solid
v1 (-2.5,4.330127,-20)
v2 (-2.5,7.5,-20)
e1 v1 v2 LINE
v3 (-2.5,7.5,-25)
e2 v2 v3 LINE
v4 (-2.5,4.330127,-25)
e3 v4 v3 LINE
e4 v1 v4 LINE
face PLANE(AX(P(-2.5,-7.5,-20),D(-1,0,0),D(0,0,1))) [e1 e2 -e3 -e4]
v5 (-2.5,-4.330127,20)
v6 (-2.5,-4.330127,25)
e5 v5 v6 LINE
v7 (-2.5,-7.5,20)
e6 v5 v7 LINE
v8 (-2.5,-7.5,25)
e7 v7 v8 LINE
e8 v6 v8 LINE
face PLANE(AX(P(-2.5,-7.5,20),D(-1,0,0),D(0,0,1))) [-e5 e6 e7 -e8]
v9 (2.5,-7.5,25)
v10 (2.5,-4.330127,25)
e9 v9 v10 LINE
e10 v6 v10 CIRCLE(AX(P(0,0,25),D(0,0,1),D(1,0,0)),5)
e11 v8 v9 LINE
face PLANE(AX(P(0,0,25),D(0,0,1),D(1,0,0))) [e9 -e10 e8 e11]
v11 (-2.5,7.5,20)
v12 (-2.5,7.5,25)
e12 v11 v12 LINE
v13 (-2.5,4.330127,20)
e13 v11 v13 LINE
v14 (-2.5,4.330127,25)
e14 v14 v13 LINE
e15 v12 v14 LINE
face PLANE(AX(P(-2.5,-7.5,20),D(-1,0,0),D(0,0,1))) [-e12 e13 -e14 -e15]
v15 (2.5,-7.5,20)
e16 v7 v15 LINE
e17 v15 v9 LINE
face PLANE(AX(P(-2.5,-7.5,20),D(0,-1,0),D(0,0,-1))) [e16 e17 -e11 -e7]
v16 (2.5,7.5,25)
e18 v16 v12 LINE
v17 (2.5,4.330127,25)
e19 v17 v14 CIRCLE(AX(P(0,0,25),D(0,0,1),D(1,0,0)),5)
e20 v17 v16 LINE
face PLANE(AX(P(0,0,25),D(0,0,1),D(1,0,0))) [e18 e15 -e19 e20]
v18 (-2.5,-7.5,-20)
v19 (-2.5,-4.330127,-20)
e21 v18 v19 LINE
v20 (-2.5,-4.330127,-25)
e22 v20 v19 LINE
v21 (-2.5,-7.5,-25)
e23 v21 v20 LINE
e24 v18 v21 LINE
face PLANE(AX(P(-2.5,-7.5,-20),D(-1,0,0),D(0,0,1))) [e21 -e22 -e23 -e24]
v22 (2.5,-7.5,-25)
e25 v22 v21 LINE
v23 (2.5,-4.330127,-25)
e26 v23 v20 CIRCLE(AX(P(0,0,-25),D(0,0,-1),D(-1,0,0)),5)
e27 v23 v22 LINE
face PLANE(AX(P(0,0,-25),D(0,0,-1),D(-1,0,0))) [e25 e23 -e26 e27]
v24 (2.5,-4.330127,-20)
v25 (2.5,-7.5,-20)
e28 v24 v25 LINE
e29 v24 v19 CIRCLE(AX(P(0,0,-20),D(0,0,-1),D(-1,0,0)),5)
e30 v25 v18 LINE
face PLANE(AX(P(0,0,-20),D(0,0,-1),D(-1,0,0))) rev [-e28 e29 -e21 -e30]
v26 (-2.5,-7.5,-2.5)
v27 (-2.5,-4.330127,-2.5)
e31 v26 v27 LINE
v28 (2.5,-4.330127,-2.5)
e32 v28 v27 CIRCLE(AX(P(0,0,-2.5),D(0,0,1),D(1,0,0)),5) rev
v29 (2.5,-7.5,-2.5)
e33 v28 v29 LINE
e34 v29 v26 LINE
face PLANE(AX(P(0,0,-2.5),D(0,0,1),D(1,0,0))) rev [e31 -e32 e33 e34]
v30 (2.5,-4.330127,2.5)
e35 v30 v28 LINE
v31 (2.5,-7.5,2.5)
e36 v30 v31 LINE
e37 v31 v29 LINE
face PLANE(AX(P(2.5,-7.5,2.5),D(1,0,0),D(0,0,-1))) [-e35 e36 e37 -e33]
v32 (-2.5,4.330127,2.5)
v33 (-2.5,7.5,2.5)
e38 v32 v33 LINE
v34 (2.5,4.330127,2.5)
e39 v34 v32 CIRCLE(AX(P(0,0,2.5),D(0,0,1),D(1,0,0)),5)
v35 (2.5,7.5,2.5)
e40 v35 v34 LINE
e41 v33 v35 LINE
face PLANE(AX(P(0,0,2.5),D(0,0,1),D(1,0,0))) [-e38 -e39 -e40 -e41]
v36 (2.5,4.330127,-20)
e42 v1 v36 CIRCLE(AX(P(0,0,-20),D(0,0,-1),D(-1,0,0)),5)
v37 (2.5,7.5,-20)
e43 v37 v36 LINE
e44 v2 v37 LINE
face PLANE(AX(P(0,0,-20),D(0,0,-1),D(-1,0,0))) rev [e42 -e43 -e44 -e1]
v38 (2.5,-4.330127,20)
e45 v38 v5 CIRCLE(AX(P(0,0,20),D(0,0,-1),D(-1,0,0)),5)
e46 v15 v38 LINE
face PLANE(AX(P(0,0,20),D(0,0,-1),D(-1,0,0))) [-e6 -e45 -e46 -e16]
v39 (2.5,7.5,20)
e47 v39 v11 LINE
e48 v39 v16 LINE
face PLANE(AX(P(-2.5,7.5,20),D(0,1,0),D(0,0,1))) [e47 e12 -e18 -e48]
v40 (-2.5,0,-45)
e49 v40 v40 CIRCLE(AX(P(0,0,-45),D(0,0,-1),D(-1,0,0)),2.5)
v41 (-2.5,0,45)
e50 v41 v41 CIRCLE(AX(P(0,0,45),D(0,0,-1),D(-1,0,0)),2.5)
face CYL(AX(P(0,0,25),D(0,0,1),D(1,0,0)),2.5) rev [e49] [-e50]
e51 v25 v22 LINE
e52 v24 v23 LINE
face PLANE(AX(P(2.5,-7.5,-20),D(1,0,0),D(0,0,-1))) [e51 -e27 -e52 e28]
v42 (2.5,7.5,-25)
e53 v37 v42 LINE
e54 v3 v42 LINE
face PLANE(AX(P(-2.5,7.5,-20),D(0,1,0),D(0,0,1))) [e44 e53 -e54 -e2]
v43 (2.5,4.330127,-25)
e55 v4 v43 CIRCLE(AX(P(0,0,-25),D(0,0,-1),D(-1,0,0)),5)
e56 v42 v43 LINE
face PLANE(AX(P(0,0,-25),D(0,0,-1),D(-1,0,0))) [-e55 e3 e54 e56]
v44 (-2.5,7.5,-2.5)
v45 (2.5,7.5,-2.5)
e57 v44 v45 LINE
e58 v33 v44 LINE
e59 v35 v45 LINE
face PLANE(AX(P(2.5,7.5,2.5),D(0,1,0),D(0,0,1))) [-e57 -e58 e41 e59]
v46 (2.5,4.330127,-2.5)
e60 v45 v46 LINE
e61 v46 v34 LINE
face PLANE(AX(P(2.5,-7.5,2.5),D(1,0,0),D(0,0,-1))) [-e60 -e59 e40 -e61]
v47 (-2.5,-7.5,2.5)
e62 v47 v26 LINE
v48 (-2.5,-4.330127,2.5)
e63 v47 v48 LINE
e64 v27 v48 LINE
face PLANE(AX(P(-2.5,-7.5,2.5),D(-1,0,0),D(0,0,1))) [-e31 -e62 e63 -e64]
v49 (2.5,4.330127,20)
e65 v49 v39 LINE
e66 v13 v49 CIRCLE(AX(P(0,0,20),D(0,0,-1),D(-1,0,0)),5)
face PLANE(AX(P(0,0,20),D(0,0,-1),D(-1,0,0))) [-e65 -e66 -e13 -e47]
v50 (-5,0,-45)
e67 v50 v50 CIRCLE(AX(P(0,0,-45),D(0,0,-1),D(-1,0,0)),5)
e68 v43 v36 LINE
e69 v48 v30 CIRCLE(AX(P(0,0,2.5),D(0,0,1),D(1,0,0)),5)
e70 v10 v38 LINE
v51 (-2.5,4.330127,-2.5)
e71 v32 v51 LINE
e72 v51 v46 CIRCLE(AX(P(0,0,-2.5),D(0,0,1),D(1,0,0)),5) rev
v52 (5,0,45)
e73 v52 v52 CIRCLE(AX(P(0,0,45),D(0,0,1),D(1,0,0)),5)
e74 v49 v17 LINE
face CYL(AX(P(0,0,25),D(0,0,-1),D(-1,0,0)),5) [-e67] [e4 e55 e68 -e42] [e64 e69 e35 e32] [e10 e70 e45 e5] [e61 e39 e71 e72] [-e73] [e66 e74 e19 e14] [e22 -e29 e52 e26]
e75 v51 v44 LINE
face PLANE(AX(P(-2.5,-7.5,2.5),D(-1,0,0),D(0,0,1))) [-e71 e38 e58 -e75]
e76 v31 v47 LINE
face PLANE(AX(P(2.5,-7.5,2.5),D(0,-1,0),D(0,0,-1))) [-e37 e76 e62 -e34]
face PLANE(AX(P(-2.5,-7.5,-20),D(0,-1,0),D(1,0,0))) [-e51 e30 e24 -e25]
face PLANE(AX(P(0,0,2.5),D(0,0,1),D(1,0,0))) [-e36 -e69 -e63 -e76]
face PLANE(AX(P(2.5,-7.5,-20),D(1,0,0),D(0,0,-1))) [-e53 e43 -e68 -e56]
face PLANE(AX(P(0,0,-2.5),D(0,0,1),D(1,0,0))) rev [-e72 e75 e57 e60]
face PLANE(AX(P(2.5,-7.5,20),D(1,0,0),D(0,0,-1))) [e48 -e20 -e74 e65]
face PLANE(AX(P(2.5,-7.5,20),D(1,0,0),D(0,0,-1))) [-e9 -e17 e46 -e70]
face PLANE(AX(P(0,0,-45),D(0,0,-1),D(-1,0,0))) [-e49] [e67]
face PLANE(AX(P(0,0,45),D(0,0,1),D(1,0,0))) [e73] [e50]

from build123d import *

# Parameters (mm, degrees)
SKETCH1_R             = 5
BOSS_EXTRUDE1_DEPTH   = 25
SKETCH2_W             = 5
SKETCH2_H             = 15
BOSS_EXTRUDE2_DEPTH   = 5
SKETCH3_W             = 5
SKETCH3_H             = 15
BOSS_EXTRUDE3_DEPTH   = 2.5
SKETCH5_W             = 5
SKETCH5_H             = 15
BOSS_EXTRUDE5_DEPTH   = 2.5
BOSS_EXTRUDE6_START   = 25
SKETCH6_R             = 5
BOSS_EXTRUDE6_DEPTH   = 25
SKETCH7_W             = 5
SKETCH7_H             = 15
BOSS_EXTRUDE7_DEPTH   = 5
F_5_0MM_DOWEL_HOLE1_D = 5
BOSS_EXTRUDE8_START   = 20
SKETCH14_R            = 5
BOSS_EXTRUDE8_DEPTH   = 20
SKETCH15_R            = 5
BOSS_EXTRUDE9_DEPTH   = 20
F_5_0MM_DOWEL_HOLE2_D = 5


with BuildPart() as part:
    # Sketch1 → Boss-Extrude1 (new body)
    with BuildSketch(Plane.XY):
        with Locations(Location((0, 0, 0), (0, 0, 180))):
            Circle(SKETCH1_R)
    extrude(amount=BOSS_EXTRUDE1_DEPTH)

    # Sketch2 → Boss-Extrude2 (add)
    with BuildSketch(Plane.XY.offset(25)):
        Rectangle(SKETCH2_W, SKETCH2_H)
    extrude(amount=-BOSS_EXTRUDE2_DEPTH)

    # Sketch3 → Boss-Extrude3 (add)
    with BuildSketch(Plane(origin=(0, 0, 0), x_dir=(-1, 0, 0), z_dir=(0, 0, -1))):
        Rectangle(SKETCH3_W, SKETCH3_H)
    extrude(amount=-BOSS_EXTRUDE3_DEPTH)

    # Sketch5 → Boss-Extrude5 (add)
    with BuildSketch(Plane(origin=(0, 0, 0), x_dir=(-1, 0, 0), z_dir=(0, 0, -1))):
        Rectangle(SKETCH5_W, SKETCH5_H)
    extrude(amount=BOSS_EXTRUDE5_DEPTH)

    # Sketch6 → Boss-Extrude6 (add)
    with BuildSketch(Plane(origin=(0, 0, 0), x_dir=(-1, 0, 0), z_dir=(0, 0, -1)).offset(BOSS_EXTRUDE6_START)):
        Circle(SKETCH6_R)
    extrude(amount=-BOSS_EXTRUDE6_DEPTH)

    # Sketch7 → Boss-Extrude7 (add)
    with BuildSketch(Plane(origin=(0, 0, -25), x_dir=(-1, 0, 0), z_dir=(0, 0, -1))):
        Rectangle(SKETCH7_W, SKETCH7_H)
    extrude(amount=-BOSS_EXTRUDE7_DEPTH)

    # Ø5.0mm Dowel Hole1 (through all)
    with Locations(Plane.XY.offset(25)):
        with Locations((0, 0)):
            Hole(F_5_0MM_DOWEL_HOLE1_D / 2)

    # Sketch14 → Boss-Extrude8 (add)
    with BuildSketch(Plane(origin=(0, 0, -25), x_dir=(-1, 0, 0), z_dir=(0, 0, -1)).offset(BOSS_EXTRUDE8_START)):
        Circle(SKETCH14_R)
    extrude(amount=-BOSS_EXTRUDE8_DEPTH)

    # Sketch15 → Boss-Extrude9 (add)
    with BuildSketch(Plane.XY.offset(25)):
        with Locations(Location((0, 0, 0), (0, 0, 180))):
            Circle(SKETCH15_R)
    extrude(amount=BOSS_EXTRUDE9_DEPTH)

    # Ø5.0mm Dowel Hole2 (through all)
    with Locations(Plane(origin=(0, 0, -45), x_dir=(-1, 0, 0), z_dir=(0, 0, -1))):
        with Locations((0, 0)):
            Hole(F_5_0MM_DOWEL_HOLE2_D / 2)


solid = part.part
